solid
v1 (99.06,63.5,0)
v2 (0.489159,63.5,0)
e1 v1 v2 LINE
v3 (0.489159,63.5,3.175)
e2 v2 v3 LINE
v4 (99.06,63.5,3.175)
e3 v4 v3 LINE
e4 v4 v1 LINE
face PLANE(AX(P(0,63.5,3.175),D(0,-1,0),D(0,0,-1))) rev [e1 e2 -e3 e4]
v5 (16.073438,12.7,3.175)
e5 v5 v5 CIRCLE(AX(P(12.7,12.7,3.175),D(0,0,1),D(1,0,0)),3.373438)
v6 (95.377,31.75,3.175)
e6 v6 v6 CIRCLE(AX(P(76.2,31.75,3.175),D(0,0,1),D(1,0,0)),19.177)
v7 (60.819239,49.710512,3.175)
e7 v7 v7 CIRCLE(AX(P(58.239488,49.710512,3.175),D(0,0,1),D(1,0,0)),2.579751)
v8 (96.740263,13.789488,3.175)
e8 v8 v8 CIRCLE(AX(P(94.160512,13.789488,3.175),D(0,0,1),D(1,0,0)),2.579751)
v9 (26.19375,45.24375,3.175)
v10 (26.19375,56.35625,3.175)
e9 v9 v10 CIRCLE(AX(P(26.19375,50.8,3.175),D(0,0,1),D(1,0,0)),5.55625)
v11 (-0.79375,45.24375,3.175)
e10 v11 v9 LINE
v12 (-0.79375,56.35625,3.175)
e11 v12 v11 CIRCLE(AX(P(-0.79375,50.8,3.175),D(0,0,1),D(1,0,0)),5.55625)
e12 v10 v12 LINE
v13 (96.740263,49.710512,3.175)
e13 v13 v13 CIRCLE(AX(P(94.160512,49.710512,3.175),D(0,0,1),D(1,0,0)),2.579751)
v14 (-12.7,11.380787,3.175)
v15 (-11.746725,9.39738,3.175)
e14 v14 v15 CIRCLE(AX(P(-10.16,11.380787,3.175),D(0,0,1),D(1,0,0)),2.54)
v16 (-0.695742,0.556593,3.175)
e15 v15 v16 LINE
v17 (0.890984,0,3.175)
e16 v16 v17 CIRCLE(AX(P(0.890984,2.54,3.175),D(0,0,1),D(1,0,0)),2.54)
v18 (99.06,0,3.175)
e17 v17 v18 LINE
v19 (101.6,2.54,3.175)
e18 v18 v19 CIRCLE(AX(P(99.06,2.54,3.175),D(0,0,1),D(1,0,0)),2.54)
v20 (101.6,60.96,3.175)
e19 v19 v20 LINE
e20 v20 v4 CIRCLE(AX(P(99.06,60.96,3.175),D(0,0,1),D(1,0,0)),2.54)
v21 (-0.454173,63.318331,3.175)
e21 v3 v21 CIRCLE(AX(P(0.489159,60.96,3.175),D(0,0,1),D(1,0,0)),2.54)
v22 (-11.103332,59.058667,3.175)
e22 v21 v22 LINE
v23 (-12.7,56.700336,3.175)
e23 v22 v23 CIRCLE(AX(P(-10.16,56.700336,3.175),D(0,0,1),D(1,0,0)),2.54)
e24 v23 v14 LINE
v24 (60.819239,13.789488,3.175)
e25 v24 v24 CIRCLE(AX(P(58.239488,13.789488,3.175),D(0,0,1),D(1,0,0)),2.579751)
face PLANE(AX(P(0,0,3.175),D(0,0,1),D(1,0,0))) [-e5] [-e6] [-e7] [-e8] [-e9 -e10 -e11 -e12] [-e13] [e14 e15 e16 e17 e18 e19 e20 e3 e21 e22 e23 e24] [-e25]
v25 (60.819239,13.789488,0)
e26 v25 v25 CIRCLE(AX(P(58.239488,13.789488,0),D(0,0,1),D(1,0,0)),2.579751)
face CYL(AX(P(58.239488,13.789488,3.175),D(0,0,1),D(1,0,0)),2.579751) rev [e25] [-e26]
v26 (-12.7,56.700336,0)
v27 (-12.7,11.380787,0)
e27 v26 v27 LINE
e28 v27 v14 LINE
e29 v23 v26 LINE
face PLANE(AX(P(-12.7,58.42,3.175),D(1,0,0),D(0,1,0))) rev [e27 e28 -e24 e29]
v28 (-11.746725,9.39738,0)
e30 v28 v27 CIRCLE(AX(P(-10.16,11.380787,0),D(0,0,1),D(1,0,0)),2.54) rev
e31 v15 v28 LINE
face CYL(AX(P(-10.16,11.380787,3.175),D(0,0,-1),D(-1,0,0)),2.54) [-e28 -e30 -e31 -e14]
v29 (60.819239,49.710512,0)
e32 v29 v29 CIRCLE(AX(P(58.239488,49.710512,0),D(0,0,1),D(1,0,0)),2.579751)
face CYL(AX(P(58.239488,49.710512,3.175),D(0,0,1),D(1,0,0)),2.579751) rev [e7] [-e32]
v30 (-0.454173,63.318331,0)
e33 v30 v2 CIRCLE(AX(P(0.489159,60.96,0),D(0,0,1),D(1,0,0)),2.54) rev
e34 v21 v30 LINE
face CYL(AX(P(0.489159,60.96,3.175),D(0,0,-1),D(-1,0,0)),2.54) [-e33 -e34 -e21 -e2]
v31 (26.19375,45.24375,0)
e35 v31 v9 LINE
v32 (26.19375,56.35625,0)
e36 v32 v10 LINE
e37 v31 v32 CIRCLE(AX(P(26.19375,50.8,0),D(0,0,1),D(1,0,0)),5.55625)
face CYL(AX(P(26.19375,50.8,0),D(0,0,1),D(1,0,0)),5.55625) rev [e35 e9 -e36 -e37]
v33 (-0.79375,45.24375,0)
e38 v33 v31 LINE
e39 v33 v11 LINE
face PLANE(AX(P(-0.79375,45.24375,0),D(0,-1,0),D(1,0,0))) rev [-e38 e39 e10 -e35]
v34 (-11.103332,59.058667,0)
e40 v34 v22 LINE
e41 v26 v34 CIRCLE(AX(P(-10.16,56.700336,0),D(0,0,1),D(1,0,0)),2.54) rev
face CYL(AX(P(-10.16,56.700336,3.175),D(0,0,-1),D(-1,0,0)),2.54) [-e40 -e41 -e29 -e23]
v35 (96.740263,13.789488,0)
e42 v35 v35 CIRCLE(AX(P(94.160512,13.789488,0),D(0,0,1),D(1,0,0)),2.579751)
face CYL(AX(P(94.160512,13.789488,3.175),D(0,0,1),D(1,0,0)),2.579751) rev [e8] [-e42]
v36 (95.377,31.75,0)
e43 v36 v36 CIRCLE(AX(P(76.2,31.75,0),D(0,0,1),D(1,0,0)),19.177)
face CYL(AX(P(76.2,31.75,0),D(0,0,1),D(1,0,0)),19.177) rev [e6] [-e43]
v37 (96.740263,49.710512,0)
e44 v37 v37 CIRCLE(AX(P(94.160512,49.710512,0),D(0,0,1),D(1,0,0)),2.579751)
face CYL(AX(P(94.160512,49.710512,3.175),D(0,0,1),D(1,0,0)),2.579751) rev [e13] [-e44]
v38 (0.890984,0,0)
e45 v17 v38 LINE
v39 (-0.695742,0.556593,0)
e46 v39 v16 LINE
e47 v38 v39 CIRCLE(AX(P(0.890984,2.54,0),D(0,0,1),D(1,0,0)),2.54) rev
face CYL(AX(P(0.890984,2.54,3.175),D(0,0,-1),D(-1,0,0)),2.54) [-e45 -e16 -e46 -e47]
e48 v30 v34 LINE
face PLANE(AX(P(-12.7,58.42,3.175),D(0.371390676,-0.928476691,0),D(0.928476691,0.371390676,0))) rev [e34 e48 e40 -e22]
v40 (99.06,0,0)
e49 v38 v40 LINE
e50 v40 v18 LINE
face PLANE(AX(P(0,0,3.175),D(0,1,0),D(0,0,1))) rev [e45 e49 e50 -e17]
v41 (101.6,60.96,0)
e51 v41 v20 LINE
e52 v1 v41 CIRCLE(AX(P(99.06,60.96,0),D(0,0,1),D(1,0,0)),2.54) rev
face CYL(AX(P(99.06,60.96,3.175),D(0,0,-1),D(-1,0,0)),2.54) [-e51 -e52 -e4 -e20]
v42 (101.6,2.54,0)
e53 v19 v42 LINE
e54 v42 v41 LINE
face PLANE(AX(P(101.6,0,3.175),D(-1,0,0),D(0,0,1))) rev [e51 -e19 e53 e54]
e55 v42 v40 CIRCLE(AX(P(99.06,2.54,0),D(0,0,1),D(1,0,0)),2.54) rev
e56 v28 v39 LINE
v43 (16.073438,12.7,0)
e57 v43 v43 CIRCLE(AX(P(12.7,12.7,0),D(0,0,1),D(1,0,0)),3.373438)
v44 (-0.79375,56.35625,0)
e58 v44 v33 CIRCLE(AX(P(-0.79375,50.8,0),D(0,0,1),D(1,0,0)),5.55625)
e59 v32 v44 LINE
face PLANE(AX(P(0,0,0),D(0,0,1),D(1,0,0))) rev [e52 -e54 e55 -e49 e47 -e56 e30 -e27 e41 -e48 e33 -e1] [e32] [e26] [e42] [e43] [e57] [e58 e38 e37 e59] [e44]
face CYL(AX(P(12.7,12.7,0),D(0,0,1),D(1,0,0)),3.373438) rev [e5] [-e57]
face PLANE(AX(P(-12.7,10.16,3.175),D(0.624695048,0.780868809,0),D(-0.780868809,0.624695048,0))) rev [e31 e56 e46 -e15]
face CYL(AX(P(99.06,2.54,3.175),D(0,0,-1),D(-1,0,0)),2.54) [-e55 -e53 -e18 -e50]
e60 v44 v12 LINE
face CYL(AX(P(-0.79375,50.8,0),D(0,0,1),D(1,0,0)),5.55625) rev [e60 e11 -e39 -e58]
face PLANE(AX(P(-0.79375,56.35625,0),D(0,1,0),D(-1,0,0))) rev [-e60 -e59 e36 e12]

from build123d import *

# Parameters (mm, degrees)
BOSS_EXTRUDE1_DEPTH              = 3.175
SKETCH2_R                        = 19.177
CUT_EXTRUDE1_DEPTH               = 3.175
SKETCH3_R                        = 3.3734375
CUT_EXTRUDE2_DEPTH               = 3.175
CUT_EXTRUDE3_DEPTH               = 120.85362166
FILLET1_R                        = 2.54
F_13_64_0_20313_DIAMETER_HOLE1_D = 5.159502


with BuildPart() as part:
    # Sketch1 → Boss-Extrude1 (new body)
    with BuildSketch(Plane.XY):
        Polygon((-12.7, 58.42), (0, 63.5), (101.6, 63.5), (101.6, 0), (0, 0), (-12.7, 10.16), align=None)
    extrude(amount=BOSS_EXTRUDE1_DEPTH)

    # Sketch2 → Cut-Extrude1 (cut)
    with BuildSketch(Plane.XY.offset(3.175)):
        with Locations((76.2, 31.75)):
            Circle(SKETCH2_R)
    extrude(amount=-CUT_EXTRUDE1_DEPTH, mode=Mode.SUBTRACT)

    # Sketch3 → Cut-Extrude2 (cut)
    with BuildSketch(Plane.XY.offset(3.175)):
        with Locations((12.7, 12.7)):
            Circle(SKETCH3_R)
    extrude(amount=-CUT_EXTRUDE2_DEPTH, mode=Mode.SUBTRACT)

    # Sketch4 → Cut-Extrude3 (cut, through all)
    with BuildSketch(Plane.XY.offset(3.175)):
        with BuildLine():
            Line((-0.79375, 56.35625), (26.19375, 56.35625))
            ThreePointArc((26.19375, 56.35625), (31.75, 50.8), (26.19375, 45.24375))
            Line((26.19375, 45.24375), (-0.79375, 45.24375))
            ThreePointArc((-0.79375, 45.24375), (-6.35, 50.8), (-0.79375, 56.35625))
        make_face()
    extrude(amount=-CUT_EXTRUDE3_DEPTH, mode=Mode.SUBTRACT)

    # Fillet1
    fillet1_edges = [part.edges().sort_by_distance(p)[0] for p in [
        (-12.7, 10.16, 1.5875),
        (-12.7, 58.42, 1.5875),
        (0, 63.5, 1.5875),
        (101.6, 63.5, 1.5875),
        (101.6, 0, 1.5875),
        (0, 0, 1.5875),
    ]]
    fillet(fillet1_edges, radius=FILLET1_R)

    # 13/64 (0.20313) Diameter Hole1 (through all)
    with Locations(Plane.XY.offset(3.175)):
        with Locations((58.239487758, 49.710512242), (94.160512242, 49.710512242), (94.160512242, 13.789487758), (58.239487758, 13.789487758)):
            Hole(F_13_64_0_20313_DIAMETER_HOLE1_D / 2)


solid = part.part
